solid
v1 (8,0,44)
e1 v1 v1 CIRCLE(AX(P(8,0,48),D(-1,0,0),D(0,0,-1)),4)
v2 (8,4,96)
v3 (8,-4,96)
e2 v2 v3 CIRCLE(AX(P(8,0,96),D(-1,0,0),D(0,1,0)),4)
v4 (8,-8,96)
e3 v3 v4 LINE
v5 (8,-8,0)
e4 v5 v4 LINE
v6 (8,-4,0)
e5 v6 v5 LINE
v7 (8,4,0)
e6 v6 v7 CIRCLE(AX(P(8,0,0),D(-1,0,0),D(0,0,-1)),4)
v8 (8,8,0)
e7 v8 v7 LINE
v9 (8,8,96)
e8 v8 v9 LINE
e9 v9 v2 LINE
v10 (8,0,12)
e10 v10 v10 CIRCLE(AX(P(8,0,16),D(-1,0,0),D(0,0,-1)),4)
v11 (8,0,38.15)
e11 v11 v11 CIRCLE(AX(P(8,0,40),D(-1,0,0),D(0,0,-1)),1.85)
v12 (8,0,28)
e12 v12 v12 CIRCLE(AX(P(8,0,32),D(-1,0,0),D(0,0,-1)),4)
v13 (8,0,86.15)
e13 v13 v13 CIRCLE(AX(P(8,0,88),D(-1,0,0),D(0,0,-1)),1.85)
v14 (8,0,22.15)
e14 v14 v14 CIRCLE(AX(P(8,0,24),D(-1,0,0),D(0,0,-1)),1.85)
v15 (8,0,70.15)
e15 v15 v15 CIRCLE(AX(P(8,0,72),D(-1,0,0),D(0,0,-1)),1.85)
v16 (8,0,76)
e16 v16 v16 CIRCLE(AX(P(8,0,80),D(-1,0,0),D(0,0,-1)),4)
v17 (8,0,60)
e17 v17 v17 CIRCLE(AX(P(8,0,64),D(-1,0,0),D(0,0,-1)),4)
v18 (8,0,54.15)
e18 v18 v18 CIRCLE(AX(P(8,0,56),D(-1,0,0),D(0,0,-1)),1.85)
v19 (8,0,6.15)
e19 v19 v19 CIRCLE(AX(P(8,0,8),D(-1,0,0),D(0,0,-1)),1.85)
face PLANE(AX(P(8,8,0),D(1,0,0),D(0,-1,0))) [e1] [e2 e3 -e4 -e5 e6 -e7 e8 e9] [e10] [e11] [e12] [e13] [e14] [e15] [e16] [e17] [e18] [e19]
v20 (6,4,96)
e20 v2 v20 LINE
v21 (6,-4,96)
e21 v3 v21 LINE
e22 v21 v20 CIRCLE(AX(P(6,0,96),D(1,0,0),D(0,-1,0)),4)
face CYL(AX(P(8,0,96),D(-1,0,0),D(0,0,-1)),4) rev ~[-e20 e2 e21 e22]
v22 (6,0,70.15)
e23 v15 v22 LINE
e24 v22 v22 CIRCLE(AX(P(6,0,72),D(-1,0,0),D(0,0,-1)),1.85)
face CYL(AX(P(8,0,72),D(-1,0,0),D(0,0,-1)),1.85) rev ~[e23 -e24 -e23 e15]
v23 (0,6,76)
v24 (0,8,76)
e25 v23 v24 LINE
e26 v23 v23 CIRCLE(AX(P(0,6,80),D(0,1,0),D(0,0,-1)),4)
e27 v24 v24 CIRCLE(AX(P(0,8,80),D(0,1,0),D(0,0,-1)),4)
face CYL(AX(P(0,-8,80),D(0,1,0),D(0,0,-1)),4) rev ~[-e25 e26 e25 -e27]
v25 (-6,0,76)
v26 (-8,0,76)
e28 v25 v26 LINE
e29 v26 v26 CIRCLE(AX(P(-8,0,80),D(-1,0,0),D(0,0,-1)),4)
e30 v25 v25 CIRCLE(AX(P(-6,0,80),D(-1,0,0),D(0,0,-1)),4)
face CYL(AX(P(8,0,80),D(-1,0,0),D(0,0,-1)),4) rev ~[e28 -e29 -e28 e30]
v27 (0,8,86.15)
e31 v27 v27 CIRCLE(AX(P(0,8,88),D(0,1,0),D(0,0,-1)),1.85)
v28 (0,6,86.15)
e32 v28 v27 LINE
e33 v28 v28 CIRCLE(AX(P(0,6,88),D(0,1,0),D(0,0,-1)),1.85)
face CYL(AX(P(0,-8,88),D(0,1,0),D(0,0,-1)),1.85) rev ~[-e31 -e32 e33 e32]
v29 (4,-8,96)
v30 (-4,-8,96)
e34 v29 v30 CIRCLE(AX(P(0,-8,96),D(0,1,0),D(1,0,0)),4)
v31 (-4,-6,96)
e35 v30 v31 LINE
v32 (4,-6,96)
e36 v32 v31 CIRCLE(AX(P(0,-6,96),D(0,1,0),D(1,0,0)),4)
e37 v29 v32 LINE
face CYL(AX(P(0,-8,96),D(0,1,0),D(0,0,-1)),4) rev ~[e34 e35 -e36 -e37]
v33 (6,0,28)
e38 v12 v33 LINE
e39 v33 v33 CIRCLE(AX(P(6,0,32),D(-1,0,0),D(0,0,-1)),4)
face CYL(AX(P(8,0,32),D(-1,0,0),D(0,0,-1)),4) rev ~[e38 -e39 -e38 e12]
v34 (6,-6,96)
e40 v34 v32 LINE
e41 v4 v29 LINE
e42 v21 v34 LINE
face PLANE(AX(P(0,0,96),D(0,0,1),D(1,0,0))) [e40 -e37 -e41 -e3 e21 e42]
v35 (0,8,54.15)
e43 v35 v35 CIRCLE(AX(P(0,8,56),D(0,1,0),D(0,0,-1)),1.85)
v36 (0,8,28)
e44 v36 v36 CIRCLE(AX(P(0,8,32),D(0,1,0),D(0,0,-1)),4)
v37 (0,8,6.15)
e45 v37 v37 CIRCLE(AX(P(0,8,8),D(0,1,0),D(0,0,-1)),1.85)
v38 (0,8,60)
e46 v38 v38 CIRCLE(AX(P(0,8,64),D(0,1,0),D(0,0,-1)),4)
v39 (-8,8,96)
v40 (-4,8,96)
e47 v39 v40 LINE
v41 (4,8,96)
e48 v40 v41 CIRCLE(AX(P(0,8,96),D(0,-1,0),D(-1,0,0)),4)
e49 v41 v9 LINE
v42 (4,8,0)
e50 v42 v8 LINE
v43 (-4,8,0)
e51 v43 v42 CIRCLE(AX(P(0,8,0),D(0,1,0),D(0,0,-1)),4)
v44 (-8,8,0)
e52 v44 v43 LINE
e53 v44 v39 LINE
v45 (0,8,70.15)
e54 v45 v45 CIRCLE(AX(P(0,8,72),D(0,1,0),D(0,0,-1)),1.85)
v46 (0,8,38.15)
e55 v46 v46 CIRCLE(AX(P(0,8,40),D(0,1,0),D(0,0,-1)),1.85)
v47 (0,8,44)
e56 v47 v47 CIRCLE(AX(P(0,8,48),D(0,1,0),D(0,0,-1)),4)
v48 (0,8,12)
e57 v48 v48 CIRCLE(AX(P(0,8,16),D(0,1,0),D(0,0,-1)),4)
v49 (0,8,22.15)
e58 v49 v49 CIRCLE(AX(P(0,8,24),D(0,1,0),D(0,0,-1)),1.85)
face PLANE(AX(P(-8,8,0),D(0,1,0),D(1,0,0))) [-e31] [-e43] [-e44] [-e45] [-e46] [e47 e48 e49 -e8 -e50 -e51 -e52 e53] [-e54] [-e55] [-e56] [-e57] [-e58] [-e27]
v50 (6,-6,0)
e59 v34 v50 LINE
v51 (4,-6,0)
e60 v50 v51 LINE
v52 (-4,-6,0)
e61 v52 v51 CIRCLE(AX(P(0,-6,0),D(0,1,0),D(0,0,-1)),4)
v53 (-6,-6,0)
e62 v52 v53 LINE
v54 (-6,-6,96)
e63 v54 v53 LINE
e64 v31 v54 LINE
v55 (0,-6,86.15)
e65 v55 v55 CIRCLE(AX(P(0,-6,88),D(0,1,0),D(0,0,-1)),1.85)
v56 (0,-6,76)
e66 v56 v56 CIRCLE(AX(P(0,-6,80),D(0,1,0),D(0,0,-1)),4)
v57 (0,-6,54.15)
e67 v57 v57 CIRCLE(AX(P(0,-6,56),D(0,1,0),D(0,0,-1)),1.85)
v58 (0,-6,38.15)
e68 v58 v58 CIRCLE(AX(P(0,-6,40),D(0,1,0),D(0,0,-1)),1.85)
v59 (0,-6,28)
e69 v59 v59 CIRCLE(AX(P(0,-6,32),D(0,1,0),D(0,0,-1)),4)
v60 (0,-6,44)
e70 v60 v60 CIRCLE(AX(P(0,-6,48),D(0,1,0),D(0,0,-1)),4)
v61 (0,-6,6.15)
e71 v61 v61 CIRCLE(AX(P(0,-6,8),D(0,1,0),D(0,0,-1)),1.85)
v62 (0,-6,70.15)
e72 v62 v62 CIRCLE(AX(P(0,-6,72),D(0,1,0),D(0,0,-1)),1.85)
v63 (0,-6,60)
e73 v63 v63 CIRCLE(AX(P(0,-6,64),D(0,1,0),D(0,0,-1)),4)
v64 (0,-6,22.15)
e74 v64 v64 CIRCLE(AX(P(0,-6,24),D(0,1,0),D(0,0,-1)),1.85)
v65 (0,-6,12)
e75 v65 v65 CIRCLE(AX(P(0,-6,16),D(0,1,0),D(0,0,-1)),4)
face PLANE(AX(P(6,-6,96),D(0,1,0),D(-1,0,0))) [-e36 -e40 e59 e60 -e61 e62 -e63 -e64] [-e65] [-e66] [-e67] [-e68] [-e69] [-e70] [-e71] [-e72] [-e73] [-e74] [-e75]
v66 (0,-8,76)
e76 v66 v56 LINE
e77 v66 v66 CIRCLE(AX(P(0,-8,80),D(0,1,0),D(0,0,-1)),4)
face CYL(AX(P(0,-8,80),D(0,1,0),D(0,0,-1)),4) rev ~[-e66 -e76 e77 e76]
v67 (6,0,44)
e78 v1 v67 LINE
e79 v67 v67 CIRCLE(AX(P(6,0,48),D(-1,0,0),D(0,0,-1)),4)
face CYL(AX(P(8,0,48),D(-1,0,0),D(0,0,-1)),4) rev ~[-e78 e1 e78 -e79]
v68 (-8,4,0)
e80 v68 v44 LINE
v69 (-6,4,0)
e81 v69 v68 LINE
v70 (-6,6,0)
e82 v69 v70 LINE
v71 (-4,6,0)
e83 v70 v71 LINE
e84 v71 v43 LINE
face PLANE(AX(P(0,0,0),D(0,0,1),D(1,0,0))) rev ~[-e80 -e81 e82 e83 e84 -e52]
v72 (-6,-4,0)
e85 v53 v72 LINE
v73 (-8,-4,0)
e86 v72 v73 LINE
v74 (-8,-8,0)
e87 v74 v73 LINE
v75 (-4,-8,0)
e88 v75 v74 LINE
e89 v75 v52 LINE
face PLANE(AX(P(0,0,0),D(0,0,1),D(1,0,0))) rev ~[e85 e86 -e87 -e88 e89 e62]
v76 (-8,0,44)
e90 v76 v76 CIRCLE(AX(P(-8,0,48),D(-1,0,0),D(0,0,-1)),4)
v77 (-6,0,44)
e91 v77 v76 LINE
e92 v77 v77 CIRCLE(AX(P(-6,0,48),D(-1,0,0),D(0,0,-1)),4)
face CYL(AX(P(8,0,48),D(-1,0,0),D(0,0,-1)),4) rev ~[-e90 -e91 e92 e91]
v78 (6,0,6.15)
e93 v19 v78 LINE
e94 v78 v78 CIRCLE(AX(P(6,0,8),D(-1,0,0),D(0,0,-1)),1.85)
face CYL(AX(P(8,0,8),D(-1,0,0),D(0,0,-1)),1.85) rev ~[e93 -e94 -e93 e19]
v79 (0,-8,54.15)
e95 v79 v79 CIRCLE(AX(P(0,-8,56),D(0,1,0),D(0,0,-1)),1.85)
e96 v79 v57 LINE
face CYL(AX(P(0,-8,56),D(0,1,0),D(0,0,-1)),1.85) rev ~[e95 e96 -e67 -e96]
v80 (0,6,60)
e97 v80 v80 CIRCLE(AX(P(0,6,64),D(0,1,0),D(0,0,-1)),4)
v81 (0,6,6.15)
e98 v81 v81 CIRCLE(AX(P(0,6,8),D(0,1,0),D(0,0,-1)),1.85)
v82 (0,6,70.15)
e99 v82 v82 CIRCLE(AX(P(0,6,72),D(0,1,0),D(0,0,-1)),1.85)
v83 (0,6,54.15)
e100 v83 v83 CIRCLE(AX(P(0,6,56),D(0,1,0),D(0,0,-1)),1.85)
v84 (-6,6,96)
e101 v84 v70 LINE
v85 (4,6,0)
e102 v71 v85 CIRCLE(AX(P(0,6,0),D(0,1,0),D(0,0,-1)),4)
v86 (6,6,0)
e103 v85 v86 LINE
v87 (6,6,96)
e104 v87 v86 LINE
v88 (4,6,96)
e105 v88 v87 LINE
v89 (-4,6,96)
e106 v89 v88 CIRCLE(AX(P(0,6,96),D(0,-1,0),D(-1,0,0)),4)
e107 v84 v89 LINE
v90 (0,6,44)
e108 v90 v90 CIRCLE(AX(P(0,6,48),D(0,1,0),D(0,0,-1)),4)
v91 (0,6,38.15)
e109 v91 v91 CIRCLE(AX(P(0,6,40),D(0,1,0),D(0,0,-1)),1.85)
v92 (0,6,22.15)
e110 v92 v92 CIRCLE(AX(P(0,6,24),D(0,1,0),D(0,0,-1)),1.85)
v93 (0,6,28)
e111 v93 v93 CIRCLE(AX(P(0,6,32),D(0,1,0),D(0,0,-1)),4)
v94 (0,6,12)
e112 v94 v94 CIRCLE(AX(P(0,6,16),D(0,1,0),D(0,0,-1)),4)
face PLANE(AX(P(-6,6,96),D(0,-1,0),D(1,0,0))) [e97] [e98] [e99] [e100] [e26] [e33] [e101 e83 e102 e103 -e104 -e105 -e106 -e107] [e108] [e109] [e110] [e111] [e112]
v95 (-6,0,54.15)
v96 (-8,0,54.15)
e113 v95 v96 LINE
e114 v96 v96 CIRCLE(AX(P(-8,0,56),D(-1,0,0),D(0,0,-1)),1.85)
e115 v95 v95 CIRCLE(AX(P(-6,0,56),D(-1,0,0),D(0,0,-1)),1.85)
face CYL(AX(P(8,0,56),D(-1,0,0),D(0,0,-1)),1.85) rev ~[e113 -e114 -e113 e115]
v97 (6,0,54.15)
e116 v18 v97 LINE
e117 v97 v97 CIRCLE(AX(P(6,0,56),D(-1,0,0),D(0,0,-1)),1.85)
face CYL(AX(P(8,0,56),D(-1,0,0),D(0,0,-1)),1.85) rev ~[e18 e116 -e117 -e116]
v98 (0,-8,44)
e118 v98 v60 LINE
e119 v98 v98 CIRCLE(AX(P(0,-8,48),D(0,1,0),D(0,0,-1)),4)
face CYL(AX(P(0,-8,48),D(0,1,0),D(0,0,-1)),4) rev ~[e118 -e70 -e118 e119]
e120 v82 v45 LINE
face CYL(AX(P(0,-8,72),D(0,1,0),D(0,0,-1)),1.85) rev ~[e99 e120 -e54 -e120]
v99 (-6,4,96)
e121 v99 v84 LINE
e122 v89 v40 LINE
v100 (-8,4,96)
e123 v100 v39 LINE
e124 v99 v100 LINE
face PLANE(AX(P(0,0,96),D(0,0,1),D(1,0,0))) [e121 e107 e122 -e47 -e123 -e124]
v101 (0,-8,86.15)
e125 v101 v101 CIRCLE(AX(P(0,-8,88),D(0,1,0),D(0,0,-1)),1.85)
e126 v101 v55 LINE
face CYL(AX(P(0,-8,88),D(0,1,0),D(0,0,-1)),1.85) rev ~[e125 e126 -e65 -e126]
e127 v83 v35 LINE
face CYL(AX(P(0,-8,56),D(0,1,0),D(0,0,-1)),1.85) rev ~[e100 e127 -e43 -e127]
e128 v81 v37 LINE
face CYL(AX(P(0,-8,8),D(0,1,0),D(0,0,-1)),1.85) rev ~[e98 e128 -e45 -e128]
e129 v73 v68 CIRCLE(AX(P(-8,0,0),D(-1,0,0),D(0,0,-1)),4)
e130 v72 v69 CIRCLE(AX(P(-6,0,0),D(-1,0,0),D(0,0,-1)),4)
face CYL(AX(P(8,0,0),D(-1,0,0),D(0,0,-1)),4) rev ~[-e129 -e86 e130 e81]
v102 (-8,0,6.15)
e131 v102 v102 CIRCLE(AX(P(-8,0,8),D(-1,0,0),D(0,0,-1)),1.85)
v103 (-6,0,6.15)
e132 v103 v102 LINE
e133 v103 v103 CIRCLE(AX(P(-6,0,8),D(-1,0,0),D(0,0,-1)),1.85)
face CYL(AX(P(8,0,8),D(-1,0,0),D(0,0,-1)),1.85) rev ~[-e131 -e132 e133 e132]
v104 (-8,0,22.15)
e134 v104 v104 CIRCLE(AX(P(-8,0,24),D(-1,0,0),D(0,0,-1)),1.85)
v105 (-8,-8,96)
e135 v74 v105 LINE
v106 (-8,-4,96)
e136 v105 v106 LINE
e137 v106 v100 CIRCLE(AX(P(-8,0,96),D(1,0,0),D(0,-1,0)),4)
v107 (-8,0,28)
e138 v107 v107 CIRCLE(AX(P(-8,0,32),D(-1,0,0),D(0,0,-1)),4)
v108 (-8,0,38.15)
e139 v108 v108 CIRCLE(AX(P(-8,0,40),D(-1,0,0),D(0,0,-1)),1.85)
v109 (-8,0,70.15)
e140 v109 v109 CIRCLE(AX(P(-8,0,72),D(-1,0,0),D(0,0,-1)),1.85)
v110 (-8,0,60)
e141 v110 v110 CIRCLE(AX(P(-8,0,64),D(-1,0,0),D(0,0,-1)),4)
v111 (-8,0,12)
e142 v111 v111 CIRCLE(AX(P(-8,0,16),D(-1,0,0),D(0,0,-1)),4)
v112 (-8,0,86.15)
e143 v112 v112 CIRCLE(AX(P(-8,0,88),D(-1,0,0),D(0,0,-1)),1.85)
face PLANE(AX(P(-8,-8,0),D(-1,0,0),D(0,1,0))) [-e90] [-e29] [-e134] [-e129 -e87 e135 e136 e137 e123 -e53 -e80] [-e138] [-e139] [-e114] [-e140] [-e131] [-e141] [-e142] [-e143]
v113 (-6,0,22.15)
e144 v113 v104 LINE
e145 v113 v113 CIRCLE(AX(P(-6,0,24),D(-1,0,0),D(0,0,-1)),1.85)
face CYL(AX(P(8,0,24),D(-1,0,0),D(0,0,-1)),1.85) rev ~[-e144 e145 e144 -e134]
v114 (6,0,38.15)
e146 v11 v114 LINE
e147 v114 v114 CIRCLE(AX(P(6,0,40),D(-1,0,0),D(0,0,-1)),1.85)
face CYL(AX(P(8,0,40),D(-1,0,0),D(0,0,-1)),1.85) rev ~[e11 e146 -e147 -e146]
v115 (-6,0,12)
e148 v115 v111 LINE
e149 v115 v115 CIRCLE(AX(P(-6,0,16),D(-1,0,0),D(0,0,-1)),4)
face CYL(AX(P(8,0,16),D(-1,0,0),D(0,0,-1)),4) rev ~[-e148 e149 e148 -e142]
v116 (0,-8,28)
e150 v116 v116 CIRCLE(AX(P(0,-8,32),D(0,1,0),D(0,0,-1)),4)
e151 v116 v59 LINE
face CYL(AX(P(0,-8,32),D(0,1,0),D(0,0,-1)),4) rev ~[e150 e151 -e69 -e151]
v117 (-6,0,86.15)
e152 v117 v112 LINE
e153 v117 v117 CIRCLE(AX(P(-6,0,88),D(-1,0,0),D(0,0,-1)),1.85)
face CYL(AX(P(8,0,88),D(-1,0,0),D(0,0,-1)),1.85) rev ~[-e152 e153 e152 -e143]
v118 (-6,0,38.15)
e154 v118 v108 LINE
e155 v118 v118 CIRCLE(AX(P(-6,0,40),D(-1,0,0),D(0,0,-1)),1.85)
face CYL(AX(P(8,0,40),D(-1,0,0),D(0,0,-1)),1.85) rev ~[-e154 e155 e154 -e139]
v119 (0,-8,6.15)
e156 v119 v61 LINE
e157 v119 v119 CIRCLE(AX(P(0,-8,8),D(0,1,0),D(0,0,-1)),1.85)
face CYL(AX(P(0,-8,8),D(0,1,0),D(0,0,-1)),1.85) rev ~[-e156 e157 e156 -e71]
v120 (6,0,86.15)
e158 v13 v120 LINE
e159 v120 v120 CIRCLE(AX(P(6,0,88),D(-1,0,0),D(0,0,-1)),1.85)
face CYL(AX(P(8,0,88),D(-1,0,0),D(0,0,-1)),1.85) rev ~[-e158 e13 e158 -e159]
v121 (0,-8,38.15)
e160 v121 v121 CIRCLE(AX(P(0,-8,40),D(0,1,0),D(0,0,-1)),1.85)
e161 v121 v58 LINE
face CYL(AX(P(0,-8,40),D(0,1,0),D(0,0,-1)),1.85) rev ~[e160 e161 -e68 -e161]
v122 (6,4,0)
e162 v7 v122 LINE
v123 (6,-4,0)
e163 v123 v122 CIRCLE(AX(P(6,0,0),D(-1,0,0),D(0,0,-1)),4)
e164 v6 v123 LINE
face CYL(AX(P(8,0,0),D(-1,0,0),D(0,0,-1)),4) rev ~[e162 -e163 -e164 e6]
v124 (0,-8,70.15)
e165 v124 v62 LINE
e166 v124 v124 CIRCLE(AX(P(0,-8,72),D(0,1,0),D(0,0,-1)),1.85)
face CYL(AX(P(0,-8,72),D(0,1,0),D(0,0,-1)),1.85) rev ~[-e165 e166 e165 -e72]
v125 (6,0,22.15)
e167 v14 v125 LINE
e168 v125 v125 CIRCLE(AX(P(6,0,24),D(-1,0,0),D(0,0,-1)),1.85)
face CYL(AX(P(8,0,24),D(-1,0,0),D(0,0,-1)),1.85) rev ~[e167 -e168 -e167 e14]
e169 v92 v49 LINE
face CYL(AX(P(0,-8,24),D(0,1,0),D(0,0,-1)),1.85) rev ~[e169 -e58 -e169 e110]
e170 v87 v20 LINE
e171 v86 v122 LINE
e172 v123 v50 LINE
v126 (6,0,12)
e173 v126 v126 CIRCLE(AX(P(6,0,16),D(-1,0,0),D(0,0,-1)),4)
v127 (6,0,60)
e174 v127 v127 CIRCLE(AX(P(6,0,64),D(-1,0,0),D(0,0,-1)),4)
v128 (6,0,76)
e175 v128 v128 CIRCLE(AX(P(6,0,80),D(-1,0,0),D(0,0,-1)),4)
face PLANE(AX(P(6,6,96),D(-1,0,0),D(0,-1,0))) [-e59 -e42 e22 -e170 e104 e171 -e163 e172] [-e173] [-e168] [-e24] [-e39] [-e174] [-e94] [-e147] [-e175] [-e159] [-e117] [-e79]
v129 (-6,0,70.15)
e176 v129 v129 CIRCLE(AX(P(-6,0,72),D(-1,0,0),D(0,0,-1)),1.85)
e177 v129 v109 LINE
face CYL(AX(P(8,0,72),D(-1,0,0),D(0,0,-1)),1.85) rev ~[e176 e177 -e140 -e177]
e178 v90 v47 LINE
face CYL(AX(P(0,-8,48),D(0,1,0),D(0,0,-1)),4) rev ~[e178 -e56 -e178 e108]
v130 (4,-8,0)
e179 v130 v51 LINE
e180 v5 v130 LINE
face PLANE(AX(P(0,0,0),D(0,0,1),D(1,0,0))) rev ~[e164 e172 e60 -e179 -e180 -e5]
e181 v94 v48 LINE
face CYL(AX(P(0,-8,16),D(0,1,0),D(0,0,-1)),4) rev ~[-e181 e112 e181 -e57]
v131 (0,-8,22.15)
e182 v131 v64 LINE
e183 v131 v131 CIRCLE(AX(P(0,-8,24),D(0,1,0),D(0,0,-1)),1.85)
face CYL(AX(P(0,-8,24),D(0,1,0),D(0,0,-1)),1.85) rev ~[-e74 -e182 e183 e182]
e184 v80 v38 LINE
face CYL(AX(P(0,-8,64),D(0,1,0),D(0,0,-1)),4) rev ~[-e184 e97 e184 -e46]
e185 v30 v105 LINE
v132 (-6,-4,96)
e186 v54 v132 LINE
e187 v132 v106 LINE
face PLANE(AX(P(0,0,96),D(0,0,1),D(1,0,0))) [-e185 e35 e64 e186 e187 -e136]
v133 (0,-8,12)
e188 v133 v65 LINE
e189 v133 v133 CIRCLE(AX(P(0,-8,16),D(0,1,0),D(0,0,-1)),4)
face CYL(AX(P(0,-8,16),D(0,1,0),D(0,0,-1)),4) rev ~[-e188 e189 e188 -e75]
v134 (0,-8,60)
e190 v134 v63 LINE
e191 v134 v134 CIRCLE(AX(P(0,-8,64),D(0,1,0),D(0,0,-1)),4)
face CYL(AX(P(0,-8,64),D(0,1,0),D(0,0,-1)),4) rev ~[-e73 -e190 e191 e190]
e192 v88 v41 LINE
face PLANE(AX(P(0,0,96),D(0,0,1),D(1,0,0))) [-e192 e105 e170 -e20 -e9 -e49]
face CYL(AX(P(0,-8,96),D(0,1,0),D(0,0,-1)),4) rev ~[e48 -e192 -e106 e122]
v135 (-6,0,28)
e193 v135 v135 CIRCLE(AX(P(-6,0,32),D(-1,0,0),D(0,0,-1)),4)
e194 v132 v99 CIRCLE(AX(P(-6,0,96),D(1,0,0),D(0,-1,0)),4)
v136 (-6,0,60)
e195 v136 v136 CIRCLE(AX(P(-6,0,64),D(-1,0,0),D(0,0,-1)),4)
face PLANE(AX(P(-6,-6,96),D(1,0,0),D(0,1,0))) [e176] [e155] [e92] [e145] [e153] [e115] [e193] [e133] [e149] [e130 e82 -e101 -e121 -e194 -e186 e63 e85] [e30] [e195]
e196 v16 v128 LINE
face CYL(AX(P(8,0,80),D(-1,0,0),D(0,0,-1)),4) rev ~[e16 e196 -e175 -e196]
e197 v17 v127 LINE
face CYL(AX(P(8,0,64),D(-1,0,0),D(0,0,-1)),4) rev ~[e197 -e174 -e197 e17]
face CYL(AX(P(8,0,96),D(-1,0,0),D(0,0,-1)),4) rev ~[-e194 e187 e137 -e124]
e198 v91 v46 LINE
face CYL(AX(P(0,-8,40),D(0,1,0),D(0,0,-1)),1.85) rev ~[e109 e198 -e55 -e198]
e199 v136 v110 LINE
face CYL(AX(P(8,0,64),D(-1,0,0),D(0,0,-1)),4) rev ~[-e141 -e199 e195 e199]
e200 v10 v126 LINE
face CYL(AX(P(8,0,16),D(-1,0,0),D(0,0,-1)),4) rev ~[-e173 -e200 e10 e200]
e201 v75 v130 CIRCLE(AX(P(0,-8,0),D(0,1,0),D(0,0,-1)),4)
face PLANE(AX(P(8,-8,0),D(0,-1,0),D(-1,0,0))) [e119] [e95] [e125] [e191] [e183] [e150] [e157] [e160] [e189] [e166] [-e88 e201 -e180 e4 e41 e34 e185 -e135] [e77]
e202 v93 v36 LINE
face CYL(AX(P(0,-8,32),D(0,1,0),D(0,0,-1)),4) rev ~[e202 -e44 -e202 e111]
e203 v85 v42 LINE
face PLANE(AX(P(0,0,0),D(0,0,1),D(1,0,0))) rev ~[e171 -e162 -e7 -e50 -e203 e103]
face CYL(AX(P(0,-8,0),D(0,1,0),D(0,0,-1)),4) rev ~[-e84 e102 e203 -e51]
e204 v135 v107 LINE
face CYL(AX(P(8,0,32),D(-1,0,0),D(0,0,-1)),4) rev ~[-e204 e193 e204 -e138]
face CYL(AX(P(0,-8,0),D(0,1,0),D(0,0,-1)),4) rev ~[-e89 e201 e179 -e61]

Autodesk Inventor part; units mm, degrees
ref_plane "YZ Plane" through (0, 0, 0) normal (1, 0, 0) x (0, 1, 0)
ref_plane "XZ Plane" through (0, 0, 0) normal (0, 1, 0) x (-1, 0, 0)
ref_plane "XY Plane" through (0, 0, 0) normal (0, 0, 1) x (1, 0, 0)
sketch "Sketch1" plane through (0, 0, 0) normal (0, 0, 1) x (1, 0, 0)
  line L0 (8, -8) -> (-8, -8)
  line L1 (-8, -8) -> (-8, 8)
  line L2 (-8, 8) -> (8, 8)
  line L3 (8, 8) -> (8, -8)
  line L4 (8, -8) -> (-8, 8) construction
  line L5 (-8, -8) -> (8, 8) construction
  point P0 (0, 0)
  dimension "d0" = 16
  dimension "d1" = 16
extrude "Extrusion1" add sketch "Sketch1" along normal blind 96
sketch "Sketch2" plane through (0, 0, 96) normal (0, 0, 1) x (1, 0, 0)
  line L0 (6, -6) -> (-6, -6)
  line L1 (-6, -6) -> (-6, 6)
  line L2 (-6, 6) -> (6, 6)
  line L3 (6, 6) -> (6, -6)
  line L4 (6, -6) -> (-6, 6) construction
  line L5 (-6, -6) -> (6, 6) construction
  point P0 (0, 0)
  dimension "d4" = 12
  dimension "d5" = 12
extrude "Extrusion2" cut sketch "Sketch2" against normal blind 96
sketch "Sketch9" plane through (-8, -8, 0) normal (0, -1, 0) x (1, 0, 0)
  circle A0 centre (8, 0) radius 4
  dimension "d52" = 8
hole "Hole7" at (0, -8, 0) direction (0, 1, 0) diameter 8 end through all
sketch "Sketch10" plane through (8, -8, 0) normal (1, 0, 0) x (0, 0, -1)
  circle A0 centre (0, 8) radius 4
  dimension "d60" = 8
hole "Hole8" at (8, 0, 0) direction (-1, 0, 0) diameter 8 end through all
sketch "Sketch11" plane through (-8, -8, 96) normal (0, -1, 0) x (1, 0, 0)
  circle A0 centre (8, -88) radius 1.85 projected
  circle A1 centre (8, -72) radius 1.85 projected
  circle A2 centre (8, -56) radius 1.85 projected
  circle A3 centre (8, -40) radius 1.85 projected
  circle A4 centre (8, -24) radius 1.85 projected
  circle A5 centre (8, -8) radius 1.85 projected
  point P0 (8, -96)
hole "Hole9" at (0, -8, 8) at (0, -8, 24) at (0, -8, 40) at (0, -8, 56) at (0, -8, 72) at (0, -8, 88) direction (0, 1, 0) diameter 3.7 end through all
sketch "Sketch12" plane through (-8, -8, 96) normal (0, -1, 0) x (1, 0, 0)
  circle A0 centre (8, -80) radius 4 projected
  circle A1 centre (8, -64) radius 4 projected
  circle A2 centre (8, -48) radius 4 projected
  circle A3 centre (8, -32) radius 4 projected
  circle A4 centre (8, -16) radius 4 projected
  circle A5 centre (8, 0) radius 4 projected
  point P0 (8, -96)
hole "Hole10" at (0, -8, 16) at (0, -8, 32) at (0, -8, 48) at (0, -8, 64) at (0, -8, 80) at (0, -8, 96) direction (0, 1, 0) diameter 8 end through all
sketch "Sketch13" plane through (8, -8, 96) normal (1, 0, 0) x (0, 0, -1)
  circle A0 centre (88, 8) radius 1.85 projected
  circle A1 centre (72, 8) radius 1.85 projected
  circle A2 centre (56, 8) radius 1.85 projected
  circle A3 centre (40, 8) radius 1.85 projected
  circle A4 centre (24, 8) radius 1.85 projected
  circle A5 centre (8, 8) radius 1.85 projected
  point P0 (96, 8)
hole "Hole11" at (8, 0, 8) at (8, 0, 24) at (8, 0, 40) at (8, 0, 56) at (8, 0, 72) at (8, 0, 88) direction (-1, 0, 0) diameter 3.7 end through all
sketch "Sketch14" plane through (8, -8, 96) normal (1, 0, 0) x (0, 0, -1)
  circle A0 centre (80, 8) radius 4 projected
  circle A1 centre (64, 8) radius 4 projected
  circle A2 centre (48, 8) radius 4 projected
  circle A3 centre (32, 8) radius 4 projected
  circle A4 centre (16, 8) radius 4 projected
  circle A5 centre (0, 8) radius 4 projected
  point P0 (96, 8)
hole "Hole12" at (8, 0, 16) at (8, 0, 32) at (8, 0, 48) at (8, 0, 64) at (8, 0, 80) at (8, 0, 96) direction (-1, 0, 0) diameter 8 end through all
properties part number "cube channel short"
